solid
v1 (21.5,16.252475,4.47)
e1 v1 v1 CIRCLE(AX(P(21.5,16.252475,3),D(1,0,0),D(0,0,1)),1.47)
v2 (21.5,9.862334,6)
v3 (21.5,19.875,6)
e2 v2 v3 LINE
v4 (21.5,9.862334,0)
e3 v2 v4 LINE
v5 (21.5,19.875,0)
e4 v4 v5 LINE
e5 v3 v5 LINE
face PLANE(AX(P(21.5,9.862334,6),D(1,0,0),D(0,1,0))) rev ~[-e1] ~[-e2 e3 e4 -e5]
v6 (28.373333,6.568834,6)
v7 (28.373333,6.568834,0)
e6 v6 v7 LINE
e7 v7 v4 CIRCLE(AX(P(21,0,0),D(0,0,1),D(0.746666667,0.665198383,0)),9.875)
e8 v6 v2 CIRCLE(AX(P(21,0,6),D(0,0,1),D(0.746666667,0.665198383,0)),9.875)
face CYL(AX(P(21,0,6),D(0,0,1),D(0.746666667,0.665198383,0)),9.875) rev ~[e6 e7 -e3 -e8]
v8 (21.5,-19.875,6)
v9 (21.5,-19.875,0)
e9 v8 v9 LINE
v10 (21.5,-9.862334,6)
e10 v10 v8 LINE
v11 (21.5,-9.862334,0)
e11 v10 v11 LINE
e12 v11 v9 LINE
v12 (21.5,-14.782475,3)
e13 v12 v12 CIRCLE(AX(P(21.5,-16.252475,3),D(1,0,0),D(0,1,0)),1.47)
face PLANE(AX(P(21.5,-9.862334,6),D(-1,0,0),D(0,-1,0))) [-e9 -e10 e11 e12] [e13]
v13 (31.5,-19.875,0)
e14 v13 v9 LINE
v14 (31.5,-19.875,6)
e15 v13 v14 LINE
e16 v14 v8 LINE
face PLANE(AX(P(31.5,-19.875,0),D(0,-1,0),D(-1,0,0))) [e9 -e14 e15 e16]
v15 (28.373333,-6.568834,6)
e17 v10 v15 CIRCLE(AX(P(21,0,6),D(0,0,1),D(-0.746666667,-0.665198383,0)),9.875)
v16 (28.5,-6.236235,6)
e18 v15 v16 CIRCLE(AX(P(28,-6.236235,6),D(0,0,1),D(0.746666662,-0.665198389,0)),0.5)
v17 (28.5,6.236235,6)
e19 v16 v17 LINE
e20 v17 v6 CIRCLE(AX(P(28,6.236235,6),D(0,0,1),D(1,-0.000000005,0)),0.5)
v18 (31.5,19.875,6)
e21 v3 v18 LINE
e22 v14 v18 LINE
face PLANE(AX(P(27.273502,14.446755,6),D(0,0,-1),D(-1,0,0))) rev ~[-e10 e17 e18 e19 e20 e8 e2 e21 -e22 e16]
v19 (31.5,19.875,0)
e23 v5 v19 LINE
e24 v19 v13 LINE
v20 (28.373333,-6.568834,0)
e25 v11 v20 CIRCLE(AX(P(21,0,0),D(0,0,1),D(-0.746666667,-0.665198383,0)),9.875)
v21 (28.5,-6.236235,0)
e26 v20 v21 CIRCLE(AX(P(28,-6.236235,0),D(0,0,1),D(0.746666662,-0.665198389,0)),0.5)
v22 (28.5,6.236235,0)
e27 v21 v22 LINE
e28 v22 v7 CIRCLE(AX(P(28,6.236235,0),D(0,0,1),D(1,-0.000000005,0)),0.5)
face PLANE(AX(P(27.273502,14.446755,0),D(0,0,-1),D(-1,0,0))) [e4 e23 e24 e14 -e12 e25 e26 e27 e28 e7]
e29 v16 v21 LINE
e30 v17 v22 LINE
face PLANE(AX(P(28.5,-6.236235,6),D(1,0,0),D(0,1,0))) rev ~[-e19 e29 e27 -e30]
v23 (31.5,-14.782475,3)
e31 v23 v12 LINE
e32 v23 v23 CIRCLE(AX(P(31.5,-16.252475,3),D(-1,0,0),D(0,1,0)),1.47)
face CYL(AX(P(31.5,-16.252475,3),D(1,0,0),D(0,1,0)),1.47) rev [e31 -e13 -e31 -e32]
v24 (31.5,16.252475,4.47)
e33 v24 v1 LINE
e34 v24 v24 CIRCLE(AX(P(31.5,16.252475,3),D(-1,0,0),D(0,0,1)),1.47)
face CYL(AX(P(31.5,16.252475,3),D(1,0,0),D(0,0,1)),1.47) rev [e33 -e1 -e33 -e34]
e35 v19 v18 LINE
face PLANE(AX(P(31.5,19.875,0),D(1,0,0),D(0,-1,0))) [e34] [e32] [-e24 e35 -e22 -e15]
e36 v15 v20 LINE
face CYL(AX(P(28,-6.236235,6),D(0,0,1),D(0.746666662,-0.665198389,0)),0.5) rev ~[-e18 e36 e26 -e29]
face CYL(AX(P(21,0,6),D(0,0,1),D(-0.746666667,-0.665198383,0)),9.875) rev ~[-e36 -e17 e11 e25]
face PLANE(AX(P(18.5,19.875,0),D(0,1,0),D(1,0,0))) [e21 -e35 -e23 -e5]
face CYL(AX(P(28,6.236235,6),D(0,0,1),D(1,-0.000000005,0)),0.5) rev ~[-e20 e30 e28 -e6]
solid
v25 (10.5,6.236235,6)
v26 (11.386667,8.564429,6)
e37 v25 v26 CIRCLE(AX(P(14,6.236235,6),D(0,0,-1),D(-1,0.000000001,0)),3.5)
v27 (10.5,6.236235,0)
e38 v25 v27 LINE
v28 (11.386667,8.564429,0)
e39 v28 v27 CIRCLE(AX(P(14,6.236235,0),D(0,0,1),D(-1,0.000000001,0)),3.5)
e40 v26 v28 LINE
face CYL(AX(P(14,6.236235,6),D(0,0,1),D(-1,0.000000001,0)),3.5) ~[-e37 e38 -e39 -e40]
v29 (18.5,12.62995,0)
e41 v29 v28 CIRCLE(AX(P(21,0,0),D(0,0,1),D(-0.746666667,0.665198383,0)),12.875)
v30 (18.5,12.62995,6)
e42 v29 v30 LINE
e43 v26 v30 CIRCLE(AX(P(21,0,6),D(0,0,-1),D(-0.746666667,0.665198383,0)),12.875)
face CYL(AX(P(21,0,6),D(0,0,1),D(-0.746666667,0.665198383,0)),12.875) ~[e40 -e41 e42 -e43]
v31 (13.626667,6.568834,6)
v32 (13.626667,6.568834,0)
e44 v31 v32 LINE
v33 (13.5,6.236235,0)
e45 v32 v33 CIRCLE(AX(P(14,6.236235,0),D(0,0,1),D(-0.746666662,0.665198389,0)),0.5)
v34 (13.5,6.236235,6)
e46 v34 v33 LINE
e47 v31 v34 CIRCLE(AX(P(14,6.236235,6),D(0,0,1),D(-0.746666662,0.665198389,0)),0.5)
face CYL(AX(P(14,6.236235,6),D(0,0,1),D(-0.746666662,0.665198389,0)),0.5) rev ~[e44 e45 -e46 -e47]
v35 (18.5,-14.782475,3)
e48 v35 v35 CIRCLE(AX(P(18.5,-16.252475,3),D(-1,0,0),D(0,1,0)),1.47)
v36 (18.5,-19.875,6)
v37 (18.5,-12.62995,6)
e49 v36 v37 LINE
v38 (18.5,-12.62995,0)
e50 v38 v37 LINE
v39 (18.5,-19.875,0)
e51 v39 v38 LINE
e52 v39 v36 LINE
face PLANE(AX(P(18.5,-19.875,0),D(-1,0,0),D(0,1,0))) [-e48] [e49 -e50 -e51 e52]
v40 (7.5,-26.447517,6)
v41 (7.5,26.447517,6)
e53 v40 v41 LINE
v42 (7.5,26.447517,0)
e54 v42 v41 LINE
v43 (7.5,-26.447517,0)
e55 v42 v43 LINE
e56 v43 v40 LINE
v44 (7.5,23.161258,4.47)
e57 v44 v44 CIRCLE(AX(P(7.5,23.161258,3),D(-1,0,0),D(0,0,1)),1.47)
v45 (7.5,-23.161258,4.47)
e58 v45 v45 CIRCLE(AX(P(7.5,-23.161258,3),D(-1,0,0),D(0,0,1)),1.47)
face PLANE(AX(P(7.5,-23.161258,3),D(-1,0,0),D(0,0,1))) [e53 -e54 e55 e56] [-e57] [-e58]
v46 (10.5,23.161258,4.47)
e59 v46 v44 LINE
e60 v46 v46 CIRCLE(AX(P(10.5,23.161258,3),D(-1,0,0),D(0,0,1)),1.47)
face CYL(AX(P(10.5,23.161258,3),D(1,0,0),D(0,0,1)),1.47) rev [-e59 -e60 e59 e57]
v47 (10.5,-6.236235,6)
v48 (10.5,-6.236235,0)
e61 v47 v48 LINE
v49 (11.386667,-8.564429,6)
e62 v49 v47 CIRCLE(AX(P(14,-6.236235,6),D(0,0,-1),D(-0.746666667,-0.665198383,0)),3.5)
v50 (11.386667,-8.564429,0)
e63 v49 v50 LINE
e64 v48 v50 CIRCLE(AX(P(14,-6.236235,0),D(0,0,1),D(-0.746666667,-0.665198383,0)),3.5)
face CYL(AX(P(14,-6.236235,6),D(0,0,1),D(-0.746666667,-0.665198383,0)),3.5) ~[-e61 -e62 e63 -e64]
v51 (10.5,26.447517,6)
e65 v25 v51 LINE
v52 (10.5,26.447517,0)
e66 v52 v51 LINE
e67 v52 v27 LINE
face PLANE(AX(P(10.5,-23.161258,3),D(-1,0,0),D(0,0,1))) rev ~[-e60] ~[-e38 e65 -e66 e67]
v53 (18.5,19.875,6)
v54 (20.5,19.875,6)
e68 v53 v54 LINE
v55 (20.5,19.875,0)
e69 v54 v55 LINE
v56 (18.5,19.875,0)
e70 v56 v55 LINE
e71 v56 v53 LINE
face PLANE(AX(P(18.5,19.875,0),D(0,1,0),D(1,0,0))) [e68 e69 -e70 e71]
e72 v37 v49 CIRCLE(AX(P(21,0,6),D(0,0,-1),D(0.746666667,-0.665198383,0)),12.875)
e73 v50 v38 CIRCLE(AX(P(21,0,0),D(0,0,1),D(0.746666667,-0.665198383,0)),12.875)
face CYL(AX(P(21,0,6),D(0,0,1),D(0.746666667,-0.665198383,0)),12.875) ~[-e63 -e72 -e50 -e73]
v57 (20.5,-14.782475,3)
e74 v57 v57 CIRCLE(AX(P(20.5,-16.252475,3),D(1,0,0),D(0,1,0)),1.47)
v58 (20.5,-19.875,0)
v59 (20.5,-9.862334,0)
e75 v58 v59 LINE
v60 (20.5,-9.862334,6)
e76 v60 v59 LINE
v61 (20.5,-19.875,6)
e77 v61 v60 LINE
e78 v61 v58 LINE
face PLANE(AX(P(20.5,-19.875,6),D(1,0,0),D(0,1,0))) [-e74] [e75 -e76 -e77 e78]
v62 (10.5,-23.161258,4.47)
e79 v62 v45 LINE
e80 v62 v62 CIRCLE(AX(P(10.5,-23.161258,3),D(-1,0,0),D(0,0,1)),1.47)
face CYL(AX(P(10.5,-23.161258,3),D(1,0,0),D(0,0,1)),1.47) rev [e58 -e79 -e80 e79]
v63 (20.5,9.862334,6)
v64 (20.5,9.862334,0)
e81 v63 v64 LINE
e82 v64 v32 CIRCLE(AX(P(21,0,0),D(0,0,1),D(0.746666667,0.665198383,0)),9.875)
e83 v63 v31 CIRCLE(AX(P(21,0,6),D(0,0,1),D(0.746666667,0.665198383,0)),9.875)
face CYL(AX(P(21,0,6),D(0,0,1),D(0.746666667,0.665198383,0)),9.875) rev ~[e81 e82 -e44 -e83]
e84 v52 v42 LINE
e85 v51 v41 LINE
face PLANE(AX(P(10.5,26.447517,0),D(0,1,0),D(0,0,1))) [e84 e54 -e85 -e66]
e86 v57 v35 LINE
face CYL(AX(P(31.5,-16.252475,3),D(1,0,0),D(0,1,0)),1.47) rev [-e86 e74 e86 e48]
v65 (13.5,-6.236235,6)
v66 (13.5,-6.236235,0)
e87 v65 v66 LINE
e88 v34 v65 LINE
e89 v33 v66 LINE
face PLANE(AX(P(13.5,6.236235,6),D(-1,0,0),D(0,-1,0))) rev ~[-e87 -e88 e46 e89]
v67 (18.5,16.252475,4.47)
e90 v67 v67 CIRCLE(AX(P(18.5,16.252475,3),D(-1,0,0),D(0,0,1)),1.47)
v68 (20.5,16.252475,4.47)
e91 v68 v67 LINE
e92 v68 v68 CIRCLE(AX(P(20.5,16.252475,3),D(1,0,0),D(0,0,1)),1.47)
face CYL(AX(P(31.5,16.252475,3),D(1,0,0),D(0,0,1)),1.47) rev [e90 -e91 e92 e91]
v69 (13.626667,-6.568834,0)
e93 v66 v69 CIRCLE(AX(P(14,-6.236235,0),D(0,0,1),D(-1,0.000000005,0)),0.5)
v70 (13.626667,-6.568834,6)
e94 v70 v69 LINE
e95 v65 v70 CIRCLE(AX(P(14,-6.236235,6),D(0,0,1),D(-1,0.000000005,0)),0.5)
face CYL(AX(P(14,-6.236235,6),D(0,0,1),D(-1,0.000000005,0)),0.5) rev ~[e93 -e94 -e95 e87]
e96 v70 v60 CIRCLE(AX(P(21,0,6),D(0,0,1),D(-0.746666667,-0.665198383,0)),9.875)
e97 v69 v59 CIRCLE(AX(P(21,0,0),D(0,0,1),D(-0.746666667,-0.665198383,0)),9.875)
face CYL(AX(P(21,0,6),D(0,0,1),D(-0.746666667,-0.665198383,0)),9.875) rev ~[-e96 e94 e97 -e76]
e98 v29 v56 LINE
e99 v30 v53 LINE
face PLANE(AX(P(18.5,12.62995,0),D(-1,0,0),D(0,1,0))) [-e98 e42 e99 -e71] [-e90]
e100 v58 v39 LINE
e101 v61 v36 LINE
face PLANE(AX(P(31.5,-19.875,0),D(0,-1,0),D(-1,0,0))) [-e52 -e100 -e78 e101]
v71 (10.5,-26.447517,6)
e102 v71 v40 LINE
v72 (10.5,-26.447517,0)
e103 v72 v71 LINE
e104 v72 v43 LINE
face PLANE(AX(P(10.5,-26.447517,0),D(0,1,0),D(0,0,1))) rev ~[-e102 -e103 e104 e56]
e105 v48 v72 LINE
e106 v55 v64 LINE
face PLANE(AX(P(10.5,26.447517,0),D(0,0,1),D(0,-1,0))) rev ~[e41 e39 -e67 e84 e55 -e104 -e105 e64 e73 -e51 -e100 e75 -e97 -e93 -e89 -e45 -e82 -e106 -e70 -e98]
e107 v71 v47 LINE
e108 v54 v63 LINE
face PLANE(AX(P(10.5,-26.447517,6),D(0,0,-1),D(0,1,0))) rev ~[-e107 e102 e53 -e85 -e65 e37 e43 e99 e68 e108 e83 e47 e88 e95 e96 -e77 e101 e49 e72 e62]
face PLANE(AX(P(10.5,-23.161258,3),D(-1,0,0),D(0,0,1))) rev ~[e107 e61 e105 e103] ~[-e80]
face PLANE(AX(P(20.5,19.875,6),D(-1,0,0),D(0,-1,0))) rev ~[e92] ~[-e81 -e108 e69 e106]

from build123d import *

# Parameters (mm, degrees)
SKETCH1_W           = 65
SKETCH1_H           = 65
BOSS_EXTRUDE1_DEPTH = 6
SKETCH3_W           = 65
SKETCH3_H           = 65
CUT_EXTRUDE2_DEPTH  = 10
BOSS_EXTRUDE2_DEPTH = 6
CUT_EXTRUDE3_REACH  = 39.726
CUT_EXTRUDE4_START  = -13
SKETCH7_R           = 1.47
CUT_EXTRUDE4_DEPTH  = 13
SKETCH8_W           = 6
SKETCH8_H           = 6.572516921
SKETCH8_R           = 1.47
SKETCH8_H_2         = 13.638765158
SKETCH8_H_3         = 12.472469684
BOSS_EXTRUDE3_DEPTH = 3


with BuildPart() as part:
    # Sketch1 → Boss-Extrude1 (new body)
    with BuildSketch(Plane.XY):
        Rectangle(SKETCH1_W, SKETCH1_H)
    extrude(amount=BOSS_EXTRUDE1_DEPTH)

    # Sketch3 → Cut-Extrude2 (cut)
    with BuildSketch(Plane.XY.offset(6)):
        Rectangle(SKETCH3_W, SKETCH3_H)
        with BuildLine():
            Line((10.5, 4.597893539), (10.5, 6.236234842))
            ThreePointArc((10.5, 6.236234842), (10.729169321, 7.481893971), (11.386666667, 8.564429183))
            ThreePointArc((11.386666667, 8.564429183), (21, 12.875), (30.613333333, 8.564429183))
            ThreePointArc((30.613333333, 8.564429183), (31.270830679, 7.481893971), (31.5, 6.236234842))
            Line((31.5, 6.236234842), (31.5, 4.597893539))
            Line((31.5, 4.597893539), (31.5, -4.597893539))
            Line((31.5, -4.597893539), (31.5, -6.236234842))
            ThreePointArc((31.5, -6.236234842), (31.270830679, -7.481893971), (30.613333333, -8.564429183))
            ThreePointArc((30.613333333, -8.564429183), (21, -12.875), (11.386666667, -8.564429183))
            ThreePointArc((11.386666667, -8.564429183), (10.729169321, -7.481893971), (10.5, -6.236234842))
            Line((10.5, -6.236234842), (10.5, -4.597893539))
            Line((10.5, -4.597893539), (10.5, 4.597893539))
        make_face(mode=Mode.SUBTRACT)
        with BuildLine():
            ThreePointArc((28.5, 6.236234842), (28.467261526, 6.414186146), (28.373333333, 6.568834033))
            ThreePointArc((28.373333333, 6.568834033), (21, 9.875), (13.626666667, 6.568834033))
            ThreePointArc((13.626666667, 6.568834033), (13.532738474, 6.414186146), (13.5, 6.236234842))
            Line((13.5, 6.236234842), (13.5, 4.597893539))
            Line((13.5, 4.597893539), (13.5, -4.597893539))
            Line((13.5, -4.597893539), (13.5, -6.236234842))
            ThreePointArc((13.5, -6.236234842), (13.532738474, -6.414186146), (13.626666667, -6.568834033))
            ThreePointArc((13.626666667, -6.568834033), (21, -9.875), (28.373333333, -6.568834033))
            ThreePointArc((28.373333333, -6.568834033), (28.467261526, -6.414186146), (28.5, -6.236234842))
            Line((28.5, -6.236234842), (28.5, -4.597893539))
            Line((28.5, -4.597893539), (28.5, 4.597893539))
            Line((28.5, 4.597893539), (28.5, 6.236234842))
        make_face()
    extrude(amount=-CUT_EXTRUDE2_DEPTH, mode=Mode.SUBTRACT)

    # Sketch4 → Boss-Extrude2 (add)
    with BuildSketch(Plane(origin=(0, 0, 0), x_dir=(-1, 0, 0), z_dir=(0, 0, -1))):
        with BuildLine():
            ThreePointArc((-30.613333333, 8.564429183), (-26.267760401, 11.748034957), (-21, 12.875))
            Line((-21, 12.875), (-21, 19.875))
            Line((-21, 19.875), (-31.5, 19.875))
            Line((-31.5, 19.875), (-31.5, 6.236234842))
            ThreePointArc((-31.5, 6.236234842), (-31.270830679, 7.481893971), (-30.613333333, 8.564429183))
        make_face()
        with BuildLine():
            Line((-21, 19.875), (-21, 12.875))
            ThreePointArc((-21, 12.875), (-19.744009381, 12.813590932), (-18.5, 12.629949525))
            Line((-18.5, 12.629949525), (-18.5, 19.875))
            Line((-18.5, 19.875), (-21, 19.875))
        make_face()
        with BuildLine():
            Line((-21, -19.875), (-18.5, -19.875))
            Line((-18.5, -19.875), (-18.5, -12.629949525))
            ThreePointArc((-18.5, -12.629949525), (-25.096582929, -12.205885192), (-30.613333333, -8.564429183))
            ThreePointArc((-30.613333333, -8.564429183), (-31.270830679, -7.481893971), (-31.5, -6.236234842))
            Line((-31.5, -6.236234842), (-31.5, -19.875))
            Line((-31.5, -19.875), (-21, -19.875))
        make_face()
    extrude(amount=-BOSS_EXTRUDE2_DEPTH)

    # Sketch6 → Cut-Extrude3 (cut, up to next)
    with BuildSketch(Plane.XY.offset(6), mode=Mode.PRIVATE) as cut_extrude3_sk1:
        with BuildLine():
            Line((21.5, 19.875), (20.5, 19.875))
            Line((20.5, 19.875), (20.5, 9.862333649))
            ThreePointArc((20.5, 9.862333649), (21, 9.875), (21.5, 9.862333649))
            Line((21.5, 9.862333649), (21.5, 19.875))
        make_face()
    cut_extrude3_tool1 = extrude(cut_extrude3_sk1.sketch, amount=-CUT_EXTRUDE3_REACH, mode=Mode.PRIVATE) & part.part
    # Sketch6 → Cut-Extrude3 (cut, up to next)
    with BuildSketch(Plane.XY.offset(6), mode=Mode.PRIVATE) as cut_extrude3_sk2:
        with BuildLine():
            Line((20.5, -19.875), (20.5, -9.862333649))
            ThreePointArc((20.5, -9.862333649), (21, -9.875), (21.5, -9.862333649))
            Line((21.5, -9.862333649), (21.5, -19.875))
            Line((21.5, -19.875), (20.5, -19.875))
        make_face()
    cut_extrude3_tool2 = extrude(cut_extrude3_sk2.sketch, amount=-CUT_EXTRUDE3_REACH, mode=Mode.PRIVATE) & part.part
    add(cut_extrude3_tool1.solids().sort_by_distance((21, 14.872889, 6))[0], mode=Mode.SUBTRACT)
    add(cut_extrude3_tool2.solids().sort_by_distance((21, -14.872889, 6))[0], mode=Mode.SUBTRACT)


with BuildPart() as cut_extrude3_piece_1:
    # of the separate pieces the step leaves, piece 1, a body of its own (cut_extrude3_pieces)
    add(part.part.solids().sort_by_distance((21.5, -19.875, 0))[0])


with BuildPart() as cut_extrude3_piece_2:
    # of the separate pieces the step leaves, piece 2, a body of its own (cut_extrude3_pieces)
    add(part.part.solids().sort_by_distance((10.5, -6.236234842, 0))[0])


with BuildPart() as cut_extrude4_tool:
    # Sketch7 → Cut-Extrude4 (new body)
    with BuildSketch(Plane.ZY.offset(-18.5).offset(CUT_EXTRUDE4_START)):
        with Locations((3, 16.252474762)):
            Circle(SKETCH7_R)
        with Locations(Location((3, -16.252474762, 0), (0, 0, 90))):
            Circle(SKETCH7_R)
    extrude(amount=CUT_EXTRUDE4_DEPTH)


with BuildPart() as cut_extrude3_piece_1_1:
    add(cut_extrude3_piece_1.part)

    # Cut-Extrude4: cut by cut_extrude4_tool
    add(cut_extrude4_tool.part, mode=Mode.SUBTRACT)


with BuildPart() as cut_extrude3_piece_2_1:
    add(cut_extrude3_piece_2.part)

    # Cut-Extrude4: cut by cut_extrude4_tool
    add(cut_extrude4_tool.part, mode=Mode.SUBTRACT)

    # Sketch8 → Boss-Extrude3 (add)
    with BuildSketch(Plane.ZY.offset(-10.5)):
        with Locations((3, -23.161258461)):
            Rectangle(SKETCH8_W, SKETCH8_H)
        with Locations((3, -23.16125846)):
            Circle(SKETCH8_R, mode=Mode.SUBTRACT)
        with Locations((3, -13.055617421)):
            Rectangle(SKETCH8_W, SKETCH8_H_2)
        with Locations((3, 0)):
            Rectangle(SKETCH8_W, SKETCH8_H_3)
        with Locations((3, 13.055617421)):
            Rectangle(SKETCH8_W, SKETCH8_H_2)
        with Locations((3, 23.161258461)):
            Rectangle(SKETCH8_W, SKETCH8_H)
        with Locations((3, 23.16125846)):
            Circle(SKETCH8_R, mode=Mode.SUBTRACT)
    extrude(amount=BOSS_EXTRUDE3_DEPTH)


solid = Compound([cut_extrude3_piece_1_1.part, cut_extrude3_piece_2_1.part])
